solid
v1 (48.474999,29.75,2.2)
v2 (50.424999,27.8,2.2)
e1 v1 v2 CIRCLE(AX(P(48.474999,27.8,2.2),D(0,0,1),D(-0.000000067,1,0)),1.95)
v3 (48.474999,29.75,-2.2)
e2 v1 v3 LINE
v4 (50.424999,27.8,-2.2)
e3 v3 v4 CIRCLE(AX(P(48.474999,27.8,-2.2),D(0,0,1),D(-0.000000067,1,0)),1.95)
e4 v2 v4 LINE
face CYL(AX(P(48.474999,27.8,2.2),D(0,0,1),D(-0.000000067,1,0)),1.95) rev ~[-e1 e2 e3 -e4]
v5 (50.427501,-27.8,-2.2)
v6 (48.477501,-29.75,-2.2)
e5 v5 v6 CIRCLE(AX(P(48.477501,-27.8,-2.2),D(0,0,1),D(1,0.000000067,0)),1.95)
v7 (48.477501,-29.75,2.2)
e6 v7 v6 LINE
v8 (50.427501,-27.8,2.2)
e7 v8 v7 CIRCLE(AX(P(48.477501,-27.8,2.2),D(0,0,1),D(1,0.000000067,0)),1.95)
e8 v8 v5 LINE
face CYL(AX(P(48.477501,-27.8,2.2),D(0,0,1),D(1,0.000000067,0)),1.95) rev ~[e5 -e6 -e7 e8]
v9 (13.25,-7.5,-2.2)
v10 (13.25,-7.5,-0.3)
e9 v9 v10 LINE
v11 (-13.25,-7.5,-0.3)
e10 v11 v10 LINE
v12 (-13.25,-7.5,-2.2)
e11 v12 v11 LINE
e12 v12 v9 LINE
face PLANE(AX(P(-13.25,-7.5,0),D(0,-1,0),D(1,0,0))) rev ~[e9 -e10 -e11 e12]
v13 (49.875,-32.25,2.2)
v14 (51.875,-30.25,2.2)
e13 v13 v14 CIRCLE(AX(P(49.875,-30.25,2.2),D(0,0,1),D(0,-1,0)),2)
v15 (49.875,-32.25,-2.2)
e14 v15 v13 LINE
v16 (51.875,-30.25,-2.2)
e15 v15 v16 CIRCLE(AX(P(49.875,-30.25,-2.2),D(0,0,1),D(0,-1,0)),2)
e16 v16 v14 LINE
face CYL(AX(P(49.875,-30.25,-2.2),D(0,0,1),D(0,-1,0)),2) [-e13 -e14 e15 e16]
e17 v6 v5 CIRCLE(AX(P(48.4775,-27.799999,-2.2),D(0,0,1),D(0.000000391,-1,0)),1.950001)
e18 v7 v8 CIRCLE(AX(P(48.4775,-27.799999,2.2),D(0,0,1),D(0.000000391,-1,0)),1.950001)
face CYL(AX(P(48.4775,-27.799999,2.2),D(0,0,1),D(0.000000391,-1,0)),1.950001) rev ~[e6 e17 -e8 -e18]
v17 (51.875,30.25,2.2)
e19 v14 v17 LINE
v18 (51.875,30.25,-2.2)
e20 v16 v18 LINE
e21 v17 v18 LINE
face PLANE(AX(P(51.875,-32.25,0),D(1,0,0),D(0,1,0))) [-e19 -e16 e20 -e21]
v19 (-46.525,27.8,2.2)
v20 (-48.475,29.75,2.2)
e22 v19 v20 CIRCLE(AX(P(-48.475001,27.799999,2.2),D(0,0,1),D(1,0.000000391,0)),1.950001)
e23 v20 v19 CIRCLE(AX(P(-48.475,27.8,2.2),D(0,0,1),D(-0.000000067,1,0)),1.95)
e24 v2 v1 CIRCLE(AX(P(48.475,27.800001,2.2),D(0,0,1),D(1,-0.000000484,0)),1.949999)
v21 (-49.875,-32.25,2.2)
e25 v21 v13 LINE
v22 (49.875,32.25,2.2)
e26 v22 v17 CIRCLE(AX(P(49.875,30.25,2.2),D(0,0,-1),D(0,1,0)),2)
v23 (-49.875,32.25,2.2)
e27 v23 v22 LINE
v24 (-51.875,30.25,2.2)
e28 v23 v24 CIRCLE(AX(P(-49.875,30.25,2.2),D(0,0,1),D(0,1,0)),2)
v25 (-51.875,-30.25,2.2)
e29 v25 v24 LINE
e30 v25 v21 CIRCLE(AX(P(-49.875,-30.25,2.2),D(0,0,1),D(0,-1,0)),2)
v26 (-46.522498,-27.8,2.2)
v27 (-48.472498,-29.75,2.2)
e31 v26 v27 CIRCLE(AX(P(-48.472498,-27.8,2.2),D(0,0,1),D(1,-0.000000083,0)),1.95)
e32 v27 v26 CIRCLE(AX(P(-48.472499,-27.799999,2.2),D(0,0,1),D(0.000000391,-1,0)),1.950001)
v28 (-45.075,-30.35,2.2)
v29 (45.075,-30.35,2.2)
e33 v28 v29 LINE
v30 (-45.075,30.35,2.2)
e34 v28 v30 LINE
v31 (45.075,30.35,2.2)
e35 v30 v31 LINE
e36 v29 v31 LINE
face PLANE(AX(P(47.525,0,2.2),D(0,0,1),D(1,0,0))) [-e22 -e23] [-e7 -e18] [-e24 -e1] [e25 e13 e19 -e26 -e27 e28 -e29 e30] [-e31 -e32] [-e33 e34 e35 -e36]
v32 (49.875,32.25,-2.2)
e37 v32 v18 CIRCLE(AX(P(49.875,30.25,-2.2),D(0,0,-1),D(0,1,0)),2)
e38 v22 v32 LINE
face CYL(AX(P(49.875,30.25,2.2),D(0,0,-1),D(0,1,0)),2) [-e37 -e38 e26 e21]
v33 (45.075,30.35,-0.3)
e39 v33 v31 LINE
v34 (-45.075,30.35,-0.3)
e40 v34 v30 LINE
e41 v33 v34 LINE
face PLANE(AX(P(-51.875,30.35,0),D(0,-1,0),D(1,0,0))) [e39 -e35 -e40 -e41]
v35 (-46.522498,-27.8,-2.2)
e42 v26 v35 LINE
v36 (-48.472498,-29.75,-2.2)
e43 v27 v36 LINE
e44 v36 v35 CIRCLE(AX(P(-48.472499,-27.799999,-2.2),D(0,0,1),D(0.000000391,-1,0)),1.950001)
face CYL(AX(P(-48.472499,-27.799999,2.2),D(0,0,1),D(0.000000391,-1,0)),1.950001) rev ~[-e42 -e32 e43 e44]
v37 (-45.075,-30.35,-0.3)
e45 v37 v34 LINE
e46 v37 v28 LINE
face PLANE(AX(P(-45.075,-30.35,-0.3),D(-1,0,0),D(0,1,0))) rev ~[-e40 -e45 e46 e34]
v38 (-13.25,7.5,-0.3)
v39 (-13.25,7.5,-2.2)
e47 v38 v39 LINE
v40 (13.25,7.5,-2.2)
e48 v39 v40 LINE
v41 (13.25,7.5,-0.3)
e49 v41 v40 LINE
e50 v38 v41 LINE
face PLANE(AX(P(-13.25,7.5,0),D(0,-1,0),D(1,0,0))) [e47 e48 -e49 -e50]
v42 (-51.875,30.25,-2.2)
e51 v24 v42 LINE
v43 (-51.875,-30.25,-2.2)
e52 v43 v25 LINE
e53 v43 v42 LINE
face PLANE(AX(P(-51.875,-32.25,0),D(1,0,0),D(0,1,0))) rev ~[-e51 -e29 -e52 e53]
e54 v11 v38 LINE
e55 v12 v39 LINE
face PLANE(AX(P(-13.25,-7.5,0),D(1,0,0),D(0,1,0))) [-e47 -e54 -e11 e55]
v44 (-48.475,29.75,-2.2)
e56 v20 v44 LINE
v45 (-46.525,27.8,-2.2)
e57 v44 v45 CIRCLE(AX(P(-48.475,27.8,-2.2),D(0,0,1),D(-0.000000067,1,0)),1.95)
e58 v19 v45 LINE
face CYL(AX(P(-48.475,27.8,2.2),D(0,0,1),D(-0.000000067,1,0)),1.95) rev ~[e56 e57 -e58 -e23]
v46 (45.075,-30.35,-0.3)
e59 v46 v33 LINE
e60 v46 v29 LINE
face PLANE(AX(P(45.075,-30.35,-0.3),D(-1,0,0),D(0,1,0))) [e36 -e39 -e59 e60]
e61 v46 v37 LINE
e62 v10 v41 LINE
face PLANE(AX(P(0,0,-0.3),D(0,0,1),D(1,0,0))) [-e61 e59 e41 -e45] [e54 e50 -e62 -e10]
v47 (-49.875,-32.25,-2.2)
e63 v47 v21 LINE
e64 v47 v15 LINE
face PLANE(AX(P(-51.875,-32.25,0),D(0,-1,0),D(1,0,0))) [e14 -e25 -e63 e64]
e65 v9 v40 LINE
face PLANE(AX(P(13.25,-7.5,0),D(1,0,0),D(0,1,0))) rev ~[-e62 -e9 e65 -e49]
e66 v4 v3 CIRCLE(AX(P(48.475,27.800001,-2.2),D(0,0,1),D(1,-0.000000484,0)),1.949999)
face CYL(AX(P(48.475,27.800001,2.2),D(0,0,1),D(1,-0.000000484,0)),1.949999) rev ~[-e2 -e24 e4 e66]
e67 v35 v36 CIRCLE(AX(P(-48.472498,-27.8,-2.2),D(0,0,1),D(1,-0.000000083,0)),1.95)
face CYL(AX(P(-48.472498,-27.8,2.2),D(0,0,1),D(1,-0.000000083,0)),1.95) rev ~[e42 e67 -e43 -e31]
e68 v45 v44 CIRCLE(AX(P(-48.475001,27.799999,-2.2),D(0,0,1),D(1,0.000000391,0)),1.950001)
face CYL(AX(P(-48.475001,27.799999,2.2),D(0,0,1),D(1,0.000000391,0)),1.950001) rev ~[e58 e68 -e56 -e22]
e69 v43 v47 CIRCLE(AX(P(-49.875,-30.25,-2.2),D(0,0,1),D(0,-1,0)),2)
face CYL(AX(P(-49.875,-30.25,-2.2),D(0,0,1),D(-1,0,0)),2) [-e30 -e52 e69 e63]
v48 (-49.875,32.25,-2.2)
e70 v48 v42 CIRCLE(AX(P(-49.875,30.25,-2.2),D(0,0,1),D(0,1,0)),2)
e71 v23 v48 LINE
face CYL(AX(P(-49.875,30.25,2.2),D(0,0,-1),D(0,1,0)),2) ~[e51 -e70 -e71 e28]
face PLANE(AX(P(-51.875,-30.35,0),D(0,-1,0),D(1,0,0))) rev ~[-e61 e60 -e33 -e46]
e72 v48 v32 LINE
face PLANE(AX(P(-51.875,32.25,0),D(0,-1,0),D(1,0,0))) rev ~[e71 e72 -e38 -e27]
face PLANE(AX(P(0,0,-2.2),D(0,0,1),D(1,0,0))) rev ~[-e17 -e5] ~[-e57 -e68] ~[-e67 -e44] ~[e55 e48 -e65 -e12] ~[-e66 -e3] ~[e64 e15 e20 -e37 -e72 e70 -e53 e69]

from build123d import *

# Parameters (mm, degrees)
F0_W      = 103.75
F0_H      = 64.5
F1_DEPTH  = 2.2
F2_T      = -1.9
F3_W      = 26.5
F3_H      = 15
F4_DEPTH  = 12.7
F5_R      = 2
F6_R      = 2
F7_W      = 4.9
F7_H      = 60.7
F8_DEPTH  = 2.5
F9_W      = 4.9
F9_H      = 60.7
F10_DEPTH = 2.5
F12_DEPTH = 4.4


with BuildPart() as f1:
    # F0 (on Top) → F1 (new body, symmetric)
    with BuildSketch(Plane.XY):
        Rectangle(F0_W, F0_H)
    extrude(amount=F1_DEPTH, both=True)

    # F2
    f2_openings = [f1.faces().sort_by_distance(p)[0] for p in [
        (0, 0, 2.2),
    ]]
    offset(amount=F2_T, openings=f2_openings)

    # F3 (on Top) → F4 (cut, symmetric)
    with BuildSketch(Plane.XY):
        Rectangle(F3_W, F3_H)
    extrude(amount=F4_DEPTH, both=True, mode=Mode.SUBTRACT)

    # F5
    f5_edges = [f1.edges().sort_by_distance(p)[0] for p in [
        (-51.875, 32.25, 0),
    ]]
    fillet(f5_edges, radius=F5_R)

    # F6
    f6_edges = [f1.edges().sort_by_distance(p)[0] for p in [
        (-51.875, -32.25, 0),
        (51.875, -32.25, 0),
        (51.875, 32.25, 0),
    ]]
    fillet(f6_edges, radius=F6_R)

    # F7 (on face) → F8 (join)
    with BuildSketch(Plane.XY.offset(-0.3)):
        with Locations((-47.525, 0)):
            Rectangle(F7_W, F7_H)
    extrude(amount=F8_DEPTH)

    # F9 (on face) → F10 (join)
    with BuildSketch(Plane.XY.offset(-0.3)):
        with Locations((47.525, 0)):
            Rectangle(F9_W, F9_H)
    extrude(amount=F10_DEPTH)

    # F11 (on face) → F12 (cut)
    with BuildSketch(Plane.XY.offset(2.2)):
        with BuildLine():
            ThreePointArc((-48.475, 29.75), (-49.853858, 26.421142), (-46.525, 27.8))
            ThreePointArc((-46.525, 27.8), (-47.096142, 29.178858), (-48.475, 29.75))
        make_face()
        with BuildLine():
            ThreePointArc((48.474999, 29.75), (47.096141, 26.421142), (50.424999, 27.8))
            ThreePointArc((50.424999, 27.8), (49.853858, 29.178858), (48.474999, 29.75))
        make_face()
        with BuildLine():
            ThreePointArc((-48.472498, -29.75), (-47.09364, -29.178858), (-46.522498, -27.8))
            ThreePointArc((-46.522498, -27.8), (-49.851357, -26.421142), (-48.472498, -29.75))
        make_face()
        with BuildLine():
            ThreePointArc((48.477501, -29.75), (49.856359, -29.178858), (50.427501, -27.8))
            ThreePointArc((50.427501, -27.8), (47.098643, -26.421142), (48.477501, -29.75))
        make_face()
    extrude(amount=-F12_DEPTH, mode=Mode.SUBTRACT)


solid = f1.part
